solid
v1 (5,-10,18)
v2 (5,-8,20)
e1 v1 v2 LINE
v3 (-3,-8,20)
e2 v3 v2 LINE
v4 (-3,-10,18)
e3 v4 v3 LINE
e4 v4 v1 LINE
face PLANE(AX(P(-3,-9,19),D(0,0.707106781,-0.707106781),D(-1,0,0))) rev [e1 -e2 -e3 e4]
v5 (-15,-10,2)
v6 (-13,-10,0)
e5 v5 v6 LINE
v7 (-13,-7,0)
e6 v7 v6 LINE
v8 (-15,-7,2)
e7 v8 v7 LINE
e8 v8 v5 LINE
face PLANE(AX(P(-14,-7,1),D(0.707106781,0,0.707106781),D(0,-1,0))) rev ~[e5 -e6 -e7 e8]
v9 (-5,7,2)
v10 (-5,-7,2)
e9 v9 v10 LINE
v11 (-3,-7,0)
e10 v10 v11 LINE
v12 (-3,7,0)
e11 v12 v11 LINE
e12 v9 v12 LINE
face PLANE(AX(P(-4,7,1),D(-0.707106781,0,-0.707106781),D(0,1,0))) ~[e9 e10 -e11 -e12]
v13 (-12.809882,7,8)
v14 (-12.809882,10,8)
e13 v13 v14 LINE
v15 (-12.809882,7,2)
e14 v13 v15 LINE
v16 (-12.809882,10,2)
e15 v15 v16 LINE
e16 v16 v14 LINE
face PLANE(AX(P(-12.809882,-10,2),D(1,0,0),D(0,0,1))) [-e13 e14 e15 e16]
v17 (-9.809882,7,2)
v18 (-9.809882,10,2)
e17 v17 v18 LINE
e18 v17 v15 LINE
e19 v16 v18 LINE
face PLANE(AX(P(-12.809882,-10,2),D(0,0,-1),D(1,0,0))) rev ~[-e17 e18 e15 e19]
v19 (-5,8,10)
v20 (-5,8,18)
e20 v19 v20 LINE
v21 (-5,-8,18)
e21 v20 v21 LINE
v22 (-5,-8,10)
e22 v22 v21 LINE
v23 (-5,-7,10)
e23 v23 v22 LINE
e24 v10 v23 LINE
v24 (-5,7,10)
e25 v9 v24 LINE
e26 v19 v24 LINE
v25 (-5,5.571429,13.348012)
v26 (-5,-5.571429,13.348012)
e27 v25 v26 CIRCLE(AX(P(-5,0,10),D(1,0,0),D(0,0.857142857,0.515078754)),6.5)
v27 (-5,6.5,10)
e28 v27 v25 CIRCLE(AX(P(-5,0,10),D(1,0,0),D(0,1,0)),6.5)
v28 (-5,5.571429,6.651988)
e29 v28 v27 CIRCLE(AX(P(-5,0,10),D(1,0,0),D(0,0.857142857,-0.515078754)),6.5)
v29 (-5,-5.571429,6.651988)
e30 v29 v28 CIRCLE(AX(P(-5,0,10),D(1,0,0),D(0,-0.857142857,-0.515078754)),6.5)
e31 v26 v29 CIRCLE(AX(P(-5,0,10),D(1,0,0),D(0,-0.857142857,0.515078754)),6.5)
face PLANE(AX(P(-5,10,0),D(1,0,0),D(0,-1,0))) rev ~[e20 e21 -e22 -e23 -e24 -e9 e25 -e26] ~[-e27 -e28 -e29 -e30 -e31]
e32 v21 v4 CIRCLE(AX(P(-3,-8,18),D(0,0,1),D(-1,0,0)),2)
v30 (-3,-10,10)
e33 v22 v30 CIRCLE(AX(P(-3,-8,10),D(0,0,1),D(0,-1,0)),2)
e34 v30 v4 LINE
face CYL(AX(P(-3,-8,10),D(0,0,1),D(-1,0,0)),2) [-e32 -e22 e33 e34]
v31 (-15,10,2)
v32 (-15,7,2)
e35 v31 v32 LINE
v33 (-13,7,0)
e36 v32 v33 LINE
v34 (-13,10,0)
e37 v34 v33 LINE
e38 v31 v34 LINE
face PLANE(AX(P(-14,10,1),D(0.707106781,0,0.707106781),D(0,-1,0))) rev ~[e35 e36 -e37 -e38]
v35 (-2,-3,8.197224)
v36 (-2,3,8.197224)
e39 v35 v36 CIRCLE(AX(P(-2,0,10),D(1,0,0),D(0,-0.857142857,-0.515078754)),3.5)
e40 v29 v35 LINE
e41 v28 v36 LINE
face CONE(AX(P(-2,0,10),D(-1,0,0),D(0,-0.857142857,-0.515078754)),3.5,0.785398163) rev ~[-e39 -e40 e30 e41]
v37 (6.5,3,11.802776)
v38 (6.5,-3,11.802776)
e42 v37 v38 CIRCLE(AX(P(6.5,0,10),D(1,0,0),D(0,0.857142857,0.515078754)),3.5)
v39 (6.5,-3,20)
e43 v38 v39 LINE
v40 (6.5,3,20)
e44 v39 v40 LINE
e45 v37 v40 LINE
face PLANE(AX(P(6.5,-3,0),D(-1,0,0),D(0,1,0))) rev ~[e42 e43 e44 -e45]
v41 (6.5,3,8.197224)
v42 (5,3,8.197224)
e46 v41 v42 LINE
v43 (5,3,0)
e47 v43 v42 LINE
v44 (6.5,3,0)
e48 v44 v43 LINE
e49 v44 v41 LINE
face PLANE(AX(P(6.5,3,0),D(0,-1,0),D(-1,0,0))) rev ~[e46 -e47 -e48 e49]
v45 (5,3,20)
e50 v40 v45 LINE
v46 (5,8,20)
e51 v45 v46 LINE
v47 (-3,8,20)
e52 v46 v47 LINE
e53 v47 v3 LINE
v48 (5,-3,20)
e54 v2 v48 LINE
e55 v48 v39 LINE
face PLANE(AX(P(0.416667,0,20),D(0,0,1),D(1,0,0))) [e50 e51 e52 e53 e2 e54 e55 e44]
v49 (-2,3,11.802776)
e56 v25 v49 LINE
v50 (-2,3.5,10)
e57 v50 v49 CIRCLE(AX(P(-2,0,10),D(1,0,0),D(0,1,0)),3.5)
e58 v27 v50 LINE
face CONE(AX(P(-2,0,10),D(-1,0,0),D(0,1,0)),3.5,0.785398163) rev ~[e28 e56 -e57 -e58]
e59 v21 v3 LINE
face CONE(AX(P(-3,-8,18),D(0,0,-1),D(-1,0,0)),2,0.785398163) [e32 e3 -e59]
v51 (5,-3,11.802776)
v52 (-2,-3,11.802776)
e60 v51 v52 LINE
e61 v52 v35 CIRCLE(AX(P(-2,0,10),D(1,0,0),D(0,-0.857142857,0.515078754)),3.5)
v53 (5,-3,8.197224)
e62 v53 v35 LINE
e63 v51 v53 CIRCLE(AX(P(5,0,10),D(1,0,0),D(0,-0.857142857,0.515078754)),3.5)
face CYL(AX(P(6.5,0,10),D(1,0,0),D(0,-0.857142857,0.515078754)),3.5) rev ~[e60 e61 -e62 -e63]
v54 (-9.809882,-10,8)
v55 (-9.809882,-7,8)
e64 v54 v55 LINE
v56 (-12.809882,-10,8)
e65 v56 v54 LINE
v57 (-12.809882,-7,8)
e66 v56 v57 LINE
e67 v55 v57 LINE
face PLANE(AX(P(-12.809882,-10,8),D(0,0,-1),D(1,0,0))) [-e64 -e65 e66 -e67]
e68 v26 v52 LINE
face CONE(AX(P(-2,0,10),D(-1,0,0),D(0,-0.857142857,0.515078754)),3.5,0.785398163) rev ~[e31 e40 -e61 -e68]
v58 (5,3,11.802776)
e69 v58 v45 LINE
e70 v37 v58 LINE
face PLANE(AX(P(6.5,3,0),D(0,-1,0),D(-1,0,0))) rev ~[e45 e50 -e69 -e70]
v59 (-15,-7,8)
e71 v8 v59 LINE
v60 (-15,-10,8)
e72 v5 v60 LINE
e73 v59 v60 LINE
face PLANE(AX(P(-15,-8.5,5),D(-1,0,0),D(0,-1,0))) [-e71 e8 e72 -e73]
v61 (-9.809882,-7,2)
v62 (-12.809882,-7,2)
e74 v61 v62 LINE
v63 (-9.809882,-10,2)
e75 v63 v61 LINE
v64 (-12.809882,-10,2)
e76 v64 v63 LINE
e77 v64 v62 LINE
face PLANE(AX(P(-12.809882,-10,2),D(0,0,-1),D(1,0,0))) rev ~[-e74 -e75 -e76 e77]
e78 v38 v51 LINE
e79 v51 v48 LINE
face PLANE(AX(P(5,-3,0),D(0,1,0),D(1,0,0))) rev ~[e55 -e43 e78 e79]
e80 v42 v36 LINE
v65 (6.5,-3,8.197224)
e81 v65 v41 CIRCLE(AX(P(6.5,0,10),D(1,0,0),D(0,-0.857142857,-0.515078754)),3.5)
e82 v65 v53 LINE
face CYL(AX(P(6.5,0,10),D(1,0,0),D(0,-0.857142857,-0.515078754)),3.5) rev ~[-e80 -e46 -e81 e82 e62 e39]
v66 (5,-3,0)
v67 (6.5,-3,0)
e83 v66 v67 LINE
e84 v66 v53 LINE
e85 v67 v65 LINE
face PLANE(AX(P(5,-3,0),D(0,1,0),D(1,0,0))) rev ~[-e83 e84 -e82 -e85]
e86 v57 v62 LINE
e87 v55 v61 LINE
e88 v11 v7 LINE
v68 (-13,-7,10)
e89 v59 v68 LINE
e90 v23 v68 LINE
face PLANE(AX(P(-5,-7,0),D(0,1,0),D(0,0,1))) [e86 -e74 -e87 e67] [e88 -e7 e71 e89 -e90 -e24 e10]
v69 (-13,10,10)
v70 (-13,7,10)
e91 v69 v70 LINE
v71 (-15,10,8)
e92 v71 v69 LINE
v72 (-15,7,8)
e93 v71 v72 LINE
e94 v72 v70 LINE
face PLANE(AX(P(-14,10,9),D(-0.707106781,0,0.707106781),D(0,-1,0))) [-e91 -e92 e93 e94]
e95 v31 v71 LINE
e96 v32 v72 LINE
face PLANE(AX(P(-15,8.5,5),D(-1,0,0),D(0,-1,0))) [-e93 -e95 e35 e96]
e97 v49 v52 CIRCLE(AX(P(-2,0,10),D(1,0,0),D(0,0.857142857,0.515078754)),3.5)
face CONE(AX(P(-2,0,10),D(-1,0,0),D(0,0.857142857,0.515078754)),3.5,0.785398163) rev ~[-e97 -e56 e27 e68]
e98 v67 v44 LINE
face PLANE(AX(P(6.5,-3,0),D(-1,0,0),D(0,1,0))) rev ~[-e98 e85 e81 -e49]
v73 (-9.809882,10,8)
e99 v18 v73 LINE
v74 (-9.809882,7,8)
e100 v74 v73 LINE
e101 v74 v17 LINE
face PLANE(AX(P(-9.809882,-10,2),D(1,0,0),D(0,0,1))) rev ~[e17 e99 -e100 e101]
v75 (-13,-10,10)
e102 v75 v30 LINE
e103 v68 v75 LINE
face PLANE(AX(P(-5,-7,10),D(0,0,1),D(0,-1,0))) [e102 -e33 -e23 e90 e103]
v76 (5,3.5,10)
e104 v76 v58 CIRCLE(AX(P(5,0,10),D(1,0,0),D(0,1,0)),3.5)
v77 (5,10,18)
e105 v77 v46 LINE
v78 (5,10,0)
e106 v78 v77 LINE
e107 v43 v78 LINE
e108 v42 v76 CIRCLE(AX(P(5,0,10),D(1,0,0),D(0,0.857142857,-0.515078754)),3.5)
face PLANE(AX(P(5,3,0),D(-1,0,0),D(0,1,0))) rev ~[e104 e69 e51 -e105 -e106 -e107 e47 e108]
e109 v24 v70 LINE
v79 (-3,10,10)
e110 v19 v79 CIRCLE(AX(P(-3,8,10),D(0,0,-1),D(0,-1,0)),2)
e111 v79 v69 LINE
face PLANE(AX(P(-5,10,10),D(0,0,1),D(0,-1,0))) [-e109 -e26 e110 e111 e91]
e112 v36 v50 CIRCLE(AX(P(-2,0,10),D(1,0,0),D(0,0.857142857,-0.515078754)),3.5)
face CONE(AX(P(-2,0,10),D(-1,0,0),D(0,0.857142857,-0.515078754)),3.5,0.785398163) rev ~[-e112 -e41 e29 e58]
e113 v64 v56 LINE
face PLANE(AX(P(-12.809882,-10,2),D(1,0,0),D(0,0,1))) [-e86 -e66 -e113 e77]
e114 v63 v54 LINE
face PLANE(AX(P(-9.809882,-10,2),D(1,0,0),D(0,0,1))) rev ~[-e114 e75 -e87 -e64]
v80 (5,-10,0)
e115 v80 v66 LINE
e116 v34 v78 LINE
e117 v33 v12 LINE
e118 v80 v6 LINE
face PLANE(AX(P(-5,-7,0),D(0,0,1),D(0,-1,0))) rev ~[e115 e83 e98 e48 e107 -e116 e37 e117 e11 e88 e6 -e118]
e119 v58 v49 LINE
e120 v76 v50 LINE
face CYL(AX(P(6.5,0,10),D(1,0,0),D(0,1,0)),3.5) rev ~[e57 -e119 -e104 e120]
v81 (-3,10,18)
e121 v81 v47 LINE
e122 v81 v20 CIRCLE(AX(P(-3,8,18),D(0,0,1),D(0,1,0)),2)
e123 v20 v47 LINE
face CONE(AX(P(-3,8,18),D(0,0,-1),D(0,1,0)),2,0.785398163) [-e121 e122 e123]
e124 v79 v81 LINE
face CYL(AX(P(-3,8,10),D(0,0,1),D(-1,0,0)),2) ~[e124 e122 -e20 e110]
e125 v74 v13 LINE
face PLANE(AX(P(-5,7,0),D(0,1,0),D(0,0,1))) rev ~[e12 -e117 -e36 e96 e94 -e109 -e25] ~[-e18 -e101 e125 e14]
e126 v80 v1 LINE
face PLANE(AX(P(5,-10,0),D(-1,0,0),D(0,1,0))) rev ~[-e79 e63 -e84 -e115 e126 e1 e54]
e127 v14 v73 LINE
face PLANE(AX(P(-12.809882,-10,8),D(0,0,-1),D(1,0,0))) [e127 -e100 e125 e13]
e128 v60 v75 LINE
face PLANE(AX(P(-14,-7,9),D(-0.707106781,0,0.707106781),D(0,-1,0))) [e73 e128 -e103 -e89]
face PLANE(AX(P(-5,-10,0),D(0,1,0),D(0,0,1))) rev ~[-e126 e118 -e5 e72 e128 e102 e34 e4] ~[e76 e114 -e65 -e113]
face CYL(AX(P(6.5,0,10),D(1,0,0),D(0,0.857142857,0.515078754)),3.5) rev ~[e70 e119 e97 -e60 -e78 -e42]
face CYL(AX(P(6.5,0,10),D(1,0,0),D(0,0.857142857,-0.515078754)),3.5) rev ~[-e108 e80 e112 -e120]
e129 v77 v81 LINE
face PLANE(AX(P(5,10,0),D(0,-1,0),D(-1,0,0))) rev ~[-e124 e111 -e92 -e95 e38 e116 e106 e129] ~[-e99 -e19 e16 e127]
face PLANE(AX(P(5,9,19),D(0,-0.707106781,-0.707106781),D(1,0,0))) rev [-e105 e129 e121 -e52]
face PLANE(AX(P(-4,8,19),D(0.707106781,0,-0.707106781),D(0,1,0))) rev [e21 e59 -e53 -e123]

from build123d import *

# Parameters (mm, degrees)
F1_DEPTH = 20
F3_DEPTH = 15
F4_SIZE  = 3
F5_W     = 3
F5_H     = 10
F6_DEPTH = 10
F7_W     = 3
F7_H     = 6
F8_DEPTH = 25
F9_R     = 2
F10_SIZE = 2


with BuildPart() as f1:
    # F0 (on Top) → F1 (new body)
    with BuildSketch(Plane.XY):
        Polygon((5, 10), (-5, 10), (-5, -10), (5, -10), (5, -3), (6.5, -3), (6.5, 3), (5, 3), align=None)
    extrude(amount=F1_DEPTH)

    # F2 (on face) → F3 (cut)
    with BuildSketch(Plane.YZ.offset(6.5)):
        with BuildLine():
            ThreePointArc((3, 8.1972243623), (3.3726843908, 9.0645856533), (3.5, 10))
            ThreePointArc((3.5, 10), (3.3726843908, 10.9354143467), (3, 11.8027756377))
            Line((3, 11.8027756377), (3, 8.1972243623))
        make_face()
        with BuildLine():
            Line((3, 8.1972243623), (3, 11.8027756377))
            ThreePointArc((3, 11.8027756377), (0, 13.5), (-3, 11.8027756377))
            Line((-3, 11.8027756377), (-3, 8.1972243623))
            ThreePointArc((-3, 8.1972243623), (0, 6.5), (3, 8.1972243623))
        make_face()
        with BuildLine():
            Line((-3, 8.1972243623), (-3, 11.8027756377))
            ThreePointArc((-3, 11.8027756377), (-3.5, 10), (-3, 8.1972243623))
        make_face()
    extrude(amount=-F3_DEPTH, mode=Mode.SUBTRACT)

    # F4
    f4_edges = [f1.edges().sort_by_distance(p)[0] for p in [
        (-5, 3, 8.197224),
    ]]
    chamfer(f4_edges, length=F4_SIZE)

    # F5 (on face) → F6 (join)
    with BuildSketch(Plane(origin=(-5, 0, 0), x_dir=(0, -1, 0), z_dir=(-1, 0, 0))):
        with Locations((8.5, 5)):
            Rectangle(F5_W, F5_H)
        with Locations((-8.5, 5)):
            Rectangle(F5_W, F5_H)
    extrude(amount=F6_DEPTH)

    # F7 (on face) → F8 (cut)
    with BuildSketch(Plane.XZ.offset(10)):
        with Locations((-11.3098823801, 5)):
            Rectangle(F7_W, F7_H)
    extrude(amount=-F8_DEPTH, mode=Mode.SUBTRACT)

    # F9
    f9_edges = [f1.edges().sort_by_distance(p)[0] for p in [
        (-5, -10, 15),
        (-5, 10, 15),
    ]]
    fillet(f9_edges, radius=F9_R)

    # F10
    f10_edges = [f1.edges().sort_by_distance(p)[0] for p in [
        (-15, -8.5, 10),
        (-15, 8.5, 10),
        (-15, 8.5, 0),
        (-15, -8.5, 0),
        (-5, 0, 0),
        (-5, 0, 20),
    ]]
    chamfer(f10_edges, length=F10_SIZE)


solid = f1.part
